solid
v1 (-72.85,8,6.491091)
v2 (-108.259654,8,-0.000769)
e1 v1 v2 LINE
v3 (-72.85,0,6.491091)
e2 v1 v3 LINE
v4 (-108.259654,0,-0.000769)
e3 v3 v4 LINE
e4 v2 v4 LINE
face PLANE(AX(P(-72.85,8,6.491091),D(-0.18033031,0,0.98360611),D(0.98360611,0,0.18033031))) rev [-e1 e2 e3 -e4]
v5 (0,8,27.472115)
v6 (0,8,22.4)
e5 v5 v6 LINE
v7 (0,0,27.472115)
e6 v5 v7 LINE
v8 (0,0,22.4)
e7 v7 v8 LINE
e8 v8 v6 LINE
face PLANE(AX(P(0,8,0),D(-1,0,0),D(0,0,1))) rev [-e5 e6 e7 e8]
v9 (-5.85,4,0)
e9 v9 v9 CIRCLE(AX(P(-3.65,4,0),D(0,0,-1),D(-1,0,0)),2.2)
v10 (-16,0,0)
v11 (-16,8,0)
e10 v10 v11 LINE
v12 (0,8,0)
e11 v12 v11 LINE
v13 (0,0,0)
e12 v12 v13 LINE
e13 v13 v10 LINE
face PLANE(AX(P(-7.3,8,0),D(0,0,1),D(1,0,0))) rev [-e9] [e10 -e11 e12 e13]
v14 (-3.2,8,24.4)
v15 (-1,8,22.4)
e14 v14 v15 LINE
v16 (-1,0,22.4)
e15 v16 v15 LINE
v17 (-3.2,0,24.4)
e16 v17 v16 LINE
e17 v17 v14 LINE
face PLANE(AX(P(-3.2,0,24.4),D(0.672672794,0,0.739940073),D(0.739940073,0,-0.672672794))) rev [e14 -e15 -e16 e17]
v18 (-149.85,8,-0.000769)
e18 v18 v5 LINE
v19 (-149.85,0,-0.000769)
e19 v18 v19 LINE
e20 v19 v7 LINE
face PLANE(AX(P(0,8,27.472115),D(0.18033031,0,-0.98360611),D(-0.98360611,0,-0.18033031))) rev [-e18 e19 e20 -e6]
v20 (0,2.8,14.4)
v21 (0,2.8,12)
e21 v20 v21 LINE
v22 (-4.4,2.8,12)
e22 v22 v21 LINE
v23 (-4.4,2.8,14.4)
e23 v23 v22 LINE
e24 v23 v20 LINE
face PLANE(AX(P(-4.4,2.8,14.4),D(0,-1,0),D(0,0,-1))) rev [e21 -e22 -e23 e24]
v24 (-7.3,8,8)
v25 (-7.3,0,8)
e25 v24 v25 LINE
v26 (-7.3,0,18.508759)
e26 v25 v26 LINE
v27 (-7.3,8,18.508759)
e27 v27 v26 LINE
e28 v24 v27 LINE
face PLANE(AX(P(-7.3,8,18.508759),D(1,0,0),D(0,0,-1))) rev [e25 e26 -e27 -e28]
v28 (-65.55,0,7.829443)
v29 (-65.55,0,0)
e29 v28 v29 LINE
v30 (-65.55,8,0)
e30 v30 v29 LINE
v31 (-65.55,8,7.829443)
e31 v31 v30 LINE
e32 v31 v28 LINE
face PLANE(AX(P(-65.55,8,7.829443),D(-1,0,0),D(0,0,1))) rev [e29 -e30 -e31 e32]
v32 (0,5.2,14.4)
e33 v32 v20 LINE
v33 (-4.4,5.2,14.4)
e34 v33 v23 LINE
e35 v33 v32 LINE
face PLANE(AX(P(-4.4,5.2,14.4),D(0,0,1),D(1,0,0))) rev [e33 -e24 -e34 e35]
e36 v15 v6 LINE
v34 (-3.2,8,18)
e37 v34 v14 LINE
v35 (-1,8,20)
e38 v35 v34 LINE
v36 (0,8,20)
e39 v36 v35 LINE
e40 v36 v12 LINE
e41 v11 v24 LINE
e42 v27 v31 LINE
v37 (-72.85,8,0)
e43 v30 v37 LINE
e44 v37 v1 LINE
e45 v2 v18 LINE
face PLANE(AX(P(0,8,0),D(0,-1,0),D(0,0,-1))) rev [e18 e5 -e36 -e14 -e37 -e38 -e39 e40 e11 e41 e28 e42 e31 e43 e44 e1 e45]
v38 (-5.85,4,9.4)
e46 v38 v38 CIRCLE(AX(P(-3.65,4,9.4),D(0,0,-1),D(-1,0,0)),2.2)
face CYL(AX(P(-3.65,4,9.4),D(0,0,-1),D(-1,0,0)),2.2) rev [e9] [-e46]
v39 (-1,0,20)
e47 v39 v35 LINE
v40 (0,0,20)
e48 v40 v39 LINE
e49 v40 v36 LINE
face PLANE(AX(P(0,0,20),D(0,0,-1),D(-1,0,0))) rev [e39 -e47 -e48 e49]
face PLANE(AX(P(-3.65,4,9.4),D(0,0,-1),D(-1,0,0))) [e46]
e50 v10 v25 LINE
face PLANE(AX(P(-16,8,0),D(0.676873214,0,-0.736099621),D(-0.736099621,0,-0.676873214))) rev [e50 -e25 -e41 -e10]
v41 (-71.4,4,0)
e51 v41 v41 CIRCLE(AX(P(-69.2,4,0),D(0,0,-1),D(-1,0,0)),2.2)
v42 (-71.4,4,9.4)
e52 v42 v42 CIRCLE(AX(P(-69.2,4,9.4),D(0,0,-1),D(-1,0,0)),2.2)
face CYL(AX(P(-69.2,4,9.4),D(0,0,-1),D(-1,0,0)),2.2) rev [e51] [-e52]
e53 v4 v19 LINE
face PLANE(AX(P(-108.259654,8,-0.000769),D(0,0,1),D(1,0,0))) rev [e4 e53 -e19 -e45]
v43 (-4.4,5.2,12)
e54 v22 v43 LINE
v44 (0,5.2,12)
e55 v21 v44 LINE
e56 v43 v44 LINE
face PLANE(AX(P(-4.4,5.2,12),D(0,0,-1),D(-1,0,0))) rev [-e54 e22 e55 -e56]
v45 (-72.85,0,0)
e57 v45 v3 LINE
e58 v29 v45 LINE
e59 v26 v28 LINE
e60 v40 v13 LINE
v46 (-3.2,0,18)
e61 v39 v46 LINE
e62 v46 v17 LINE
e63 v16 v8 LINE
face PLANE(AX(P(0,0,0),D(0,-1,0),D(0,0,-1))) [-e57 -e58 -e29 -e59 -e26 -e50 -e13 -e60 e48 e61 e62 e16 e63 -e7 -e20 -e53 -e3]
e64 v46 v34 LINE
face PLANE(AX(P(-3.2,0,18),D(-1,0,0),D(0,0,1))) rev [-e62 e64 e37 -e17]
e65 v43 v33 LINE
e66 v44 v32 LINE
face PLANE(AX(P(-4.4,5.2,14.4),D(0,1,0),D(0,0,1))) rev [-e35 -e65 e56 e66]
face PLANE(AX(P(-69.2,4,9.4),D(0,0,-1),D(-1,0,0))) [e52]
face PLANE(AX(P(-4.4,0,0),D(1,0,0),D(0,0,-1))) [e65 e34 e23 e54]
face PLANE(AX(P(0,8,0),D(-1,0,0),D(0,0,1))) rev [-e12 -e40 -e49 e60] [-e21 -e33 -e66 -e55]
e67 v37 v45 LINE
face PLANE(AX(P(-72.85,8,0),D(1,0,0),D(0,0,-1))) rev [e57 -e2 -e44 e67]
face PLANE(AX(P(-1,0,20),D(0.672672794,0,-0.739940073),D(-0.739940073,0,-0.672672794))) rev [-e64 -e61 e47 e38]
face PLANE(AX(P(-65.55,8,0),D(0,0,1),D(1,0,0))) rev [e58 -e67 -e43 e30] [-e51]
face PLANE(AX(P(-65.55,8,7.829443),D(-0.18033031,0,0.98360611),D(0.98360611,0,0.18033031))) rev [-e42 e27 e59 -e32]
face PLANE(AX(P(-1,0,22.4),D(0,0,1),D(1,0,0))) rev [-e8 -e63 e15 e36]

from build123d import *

# Parameters (mm, degrees)
P_IDAT_VYSUNUT_M1_DEPTH  = 8
ODEBRAT_VYSUNUT_M1_DEPTH = 153.557332159
SKICA5_W                 = 16
SKICA5_H                 = 8
P_IDAT_VYSUNUT_M2_DEPTH  = 8
ODEBRAT_VYSUNUT_M4_DEPTH = 153.557332159
SKICA4_W                 = 2.4
SKICA4_H                 = 2.4
ODEBRAT_VYSUNUT_M2_DEPTH = 4.4
SKICA9_R                 = 2.2
ODEBRAT_VYSUNUT_M5_DEPTH = 9.4


with BuildPart() as part:
    # Skica2 → Přidat vysunutím1 (new body)
    with BuildSketch(Plane(origin=(0, 0, 0), x_dir=(1, 0, 0), z_dir=(0, 1, 0))):
        Polygon((0, 0), (0, -27.47211487), (-149.85, 0.000769495), (-108.259653873, 0.000769495), (-72.85, -6.491091207), (-72.85, 0), (-65.55, 0), (-65.55, -7.829443265), (-7.3, -18.508759343), (-7.3, 0), align=None)
    extrude(amount=P_IDAT_VYSUNUT_M1_DEPTH)

    # Skica3 → Odebrat vysunutím1 (cut, through all)
    with BuildSketch(Plane(origin=(0, 8, 0), x_dir=(1, 0, 0), z_dir=(0, 1, 0))):
        Polygon((0, -20), (-1, -20), (-3.2, -18), (-3.2, -24.4), (-1, -22.4), (0, -22.4), align=None)
    extrude(amount=-ODEBRAT_VYSUNUT_M1_DEPTH, mode=Mode.SUBTRACT)

    # Skica5 → Přidat vysunutím2 (add)
    with BuildSketch(Plane(origin=(0, 8, 0), x_dir=(1, 0, 0), z_dir=(0, 1, 0))):
        with Locations((-8, -4)):
            Rectangle(SKICA5_W, SKICA5_H)
    extrude(amount=-P_IDAT_VYSUNUT_M2_DEPTH)

    # Skica7 → Odebrat vysunutím4 (cut, through all)
    with BuildSketch(Plane.XZ):
        Polygon((-7.3, 8), (-16, 8), (-16, 0), align=None)
    extrude(amount=-ODEBRAT_VYSUNUT_M4_DEPTH, mode=Mode.SUBTRACT)

    # Skica4 → Odebrat vysunutím2 (cut)
    with BuildSketch(Plane(origin=(0, 0, 0), x_dir=(0, 0, -1), z_dir=(1, 0, 0))):
        with Locations((-13.2, 4)):
            Rectangle(SKICA4_W, SKICA4_H)
    extrude(amount=-ODEBRAT_VYSUNUT_M2_DEPTH, mode=Mode.SUBTRACT)

    # Skica9 → Odebrat vysunutím5 (cut)
    with BuildSketch(Plane(origin=(0, 0, 0), x_dir=(-1, 0, 0), z_dir=(0, 0, -1))):
        with Locations((3.65, 4)):
            Circle(SKICA9_R)
        with Locations((69.2, 4)):
            Circle(SKICA9_R)
    extrude(amount=-ODEBRAT_VYSUNUT_M5_DEPTH, mode=Mode.SUBTRACT)


solid = part.part
